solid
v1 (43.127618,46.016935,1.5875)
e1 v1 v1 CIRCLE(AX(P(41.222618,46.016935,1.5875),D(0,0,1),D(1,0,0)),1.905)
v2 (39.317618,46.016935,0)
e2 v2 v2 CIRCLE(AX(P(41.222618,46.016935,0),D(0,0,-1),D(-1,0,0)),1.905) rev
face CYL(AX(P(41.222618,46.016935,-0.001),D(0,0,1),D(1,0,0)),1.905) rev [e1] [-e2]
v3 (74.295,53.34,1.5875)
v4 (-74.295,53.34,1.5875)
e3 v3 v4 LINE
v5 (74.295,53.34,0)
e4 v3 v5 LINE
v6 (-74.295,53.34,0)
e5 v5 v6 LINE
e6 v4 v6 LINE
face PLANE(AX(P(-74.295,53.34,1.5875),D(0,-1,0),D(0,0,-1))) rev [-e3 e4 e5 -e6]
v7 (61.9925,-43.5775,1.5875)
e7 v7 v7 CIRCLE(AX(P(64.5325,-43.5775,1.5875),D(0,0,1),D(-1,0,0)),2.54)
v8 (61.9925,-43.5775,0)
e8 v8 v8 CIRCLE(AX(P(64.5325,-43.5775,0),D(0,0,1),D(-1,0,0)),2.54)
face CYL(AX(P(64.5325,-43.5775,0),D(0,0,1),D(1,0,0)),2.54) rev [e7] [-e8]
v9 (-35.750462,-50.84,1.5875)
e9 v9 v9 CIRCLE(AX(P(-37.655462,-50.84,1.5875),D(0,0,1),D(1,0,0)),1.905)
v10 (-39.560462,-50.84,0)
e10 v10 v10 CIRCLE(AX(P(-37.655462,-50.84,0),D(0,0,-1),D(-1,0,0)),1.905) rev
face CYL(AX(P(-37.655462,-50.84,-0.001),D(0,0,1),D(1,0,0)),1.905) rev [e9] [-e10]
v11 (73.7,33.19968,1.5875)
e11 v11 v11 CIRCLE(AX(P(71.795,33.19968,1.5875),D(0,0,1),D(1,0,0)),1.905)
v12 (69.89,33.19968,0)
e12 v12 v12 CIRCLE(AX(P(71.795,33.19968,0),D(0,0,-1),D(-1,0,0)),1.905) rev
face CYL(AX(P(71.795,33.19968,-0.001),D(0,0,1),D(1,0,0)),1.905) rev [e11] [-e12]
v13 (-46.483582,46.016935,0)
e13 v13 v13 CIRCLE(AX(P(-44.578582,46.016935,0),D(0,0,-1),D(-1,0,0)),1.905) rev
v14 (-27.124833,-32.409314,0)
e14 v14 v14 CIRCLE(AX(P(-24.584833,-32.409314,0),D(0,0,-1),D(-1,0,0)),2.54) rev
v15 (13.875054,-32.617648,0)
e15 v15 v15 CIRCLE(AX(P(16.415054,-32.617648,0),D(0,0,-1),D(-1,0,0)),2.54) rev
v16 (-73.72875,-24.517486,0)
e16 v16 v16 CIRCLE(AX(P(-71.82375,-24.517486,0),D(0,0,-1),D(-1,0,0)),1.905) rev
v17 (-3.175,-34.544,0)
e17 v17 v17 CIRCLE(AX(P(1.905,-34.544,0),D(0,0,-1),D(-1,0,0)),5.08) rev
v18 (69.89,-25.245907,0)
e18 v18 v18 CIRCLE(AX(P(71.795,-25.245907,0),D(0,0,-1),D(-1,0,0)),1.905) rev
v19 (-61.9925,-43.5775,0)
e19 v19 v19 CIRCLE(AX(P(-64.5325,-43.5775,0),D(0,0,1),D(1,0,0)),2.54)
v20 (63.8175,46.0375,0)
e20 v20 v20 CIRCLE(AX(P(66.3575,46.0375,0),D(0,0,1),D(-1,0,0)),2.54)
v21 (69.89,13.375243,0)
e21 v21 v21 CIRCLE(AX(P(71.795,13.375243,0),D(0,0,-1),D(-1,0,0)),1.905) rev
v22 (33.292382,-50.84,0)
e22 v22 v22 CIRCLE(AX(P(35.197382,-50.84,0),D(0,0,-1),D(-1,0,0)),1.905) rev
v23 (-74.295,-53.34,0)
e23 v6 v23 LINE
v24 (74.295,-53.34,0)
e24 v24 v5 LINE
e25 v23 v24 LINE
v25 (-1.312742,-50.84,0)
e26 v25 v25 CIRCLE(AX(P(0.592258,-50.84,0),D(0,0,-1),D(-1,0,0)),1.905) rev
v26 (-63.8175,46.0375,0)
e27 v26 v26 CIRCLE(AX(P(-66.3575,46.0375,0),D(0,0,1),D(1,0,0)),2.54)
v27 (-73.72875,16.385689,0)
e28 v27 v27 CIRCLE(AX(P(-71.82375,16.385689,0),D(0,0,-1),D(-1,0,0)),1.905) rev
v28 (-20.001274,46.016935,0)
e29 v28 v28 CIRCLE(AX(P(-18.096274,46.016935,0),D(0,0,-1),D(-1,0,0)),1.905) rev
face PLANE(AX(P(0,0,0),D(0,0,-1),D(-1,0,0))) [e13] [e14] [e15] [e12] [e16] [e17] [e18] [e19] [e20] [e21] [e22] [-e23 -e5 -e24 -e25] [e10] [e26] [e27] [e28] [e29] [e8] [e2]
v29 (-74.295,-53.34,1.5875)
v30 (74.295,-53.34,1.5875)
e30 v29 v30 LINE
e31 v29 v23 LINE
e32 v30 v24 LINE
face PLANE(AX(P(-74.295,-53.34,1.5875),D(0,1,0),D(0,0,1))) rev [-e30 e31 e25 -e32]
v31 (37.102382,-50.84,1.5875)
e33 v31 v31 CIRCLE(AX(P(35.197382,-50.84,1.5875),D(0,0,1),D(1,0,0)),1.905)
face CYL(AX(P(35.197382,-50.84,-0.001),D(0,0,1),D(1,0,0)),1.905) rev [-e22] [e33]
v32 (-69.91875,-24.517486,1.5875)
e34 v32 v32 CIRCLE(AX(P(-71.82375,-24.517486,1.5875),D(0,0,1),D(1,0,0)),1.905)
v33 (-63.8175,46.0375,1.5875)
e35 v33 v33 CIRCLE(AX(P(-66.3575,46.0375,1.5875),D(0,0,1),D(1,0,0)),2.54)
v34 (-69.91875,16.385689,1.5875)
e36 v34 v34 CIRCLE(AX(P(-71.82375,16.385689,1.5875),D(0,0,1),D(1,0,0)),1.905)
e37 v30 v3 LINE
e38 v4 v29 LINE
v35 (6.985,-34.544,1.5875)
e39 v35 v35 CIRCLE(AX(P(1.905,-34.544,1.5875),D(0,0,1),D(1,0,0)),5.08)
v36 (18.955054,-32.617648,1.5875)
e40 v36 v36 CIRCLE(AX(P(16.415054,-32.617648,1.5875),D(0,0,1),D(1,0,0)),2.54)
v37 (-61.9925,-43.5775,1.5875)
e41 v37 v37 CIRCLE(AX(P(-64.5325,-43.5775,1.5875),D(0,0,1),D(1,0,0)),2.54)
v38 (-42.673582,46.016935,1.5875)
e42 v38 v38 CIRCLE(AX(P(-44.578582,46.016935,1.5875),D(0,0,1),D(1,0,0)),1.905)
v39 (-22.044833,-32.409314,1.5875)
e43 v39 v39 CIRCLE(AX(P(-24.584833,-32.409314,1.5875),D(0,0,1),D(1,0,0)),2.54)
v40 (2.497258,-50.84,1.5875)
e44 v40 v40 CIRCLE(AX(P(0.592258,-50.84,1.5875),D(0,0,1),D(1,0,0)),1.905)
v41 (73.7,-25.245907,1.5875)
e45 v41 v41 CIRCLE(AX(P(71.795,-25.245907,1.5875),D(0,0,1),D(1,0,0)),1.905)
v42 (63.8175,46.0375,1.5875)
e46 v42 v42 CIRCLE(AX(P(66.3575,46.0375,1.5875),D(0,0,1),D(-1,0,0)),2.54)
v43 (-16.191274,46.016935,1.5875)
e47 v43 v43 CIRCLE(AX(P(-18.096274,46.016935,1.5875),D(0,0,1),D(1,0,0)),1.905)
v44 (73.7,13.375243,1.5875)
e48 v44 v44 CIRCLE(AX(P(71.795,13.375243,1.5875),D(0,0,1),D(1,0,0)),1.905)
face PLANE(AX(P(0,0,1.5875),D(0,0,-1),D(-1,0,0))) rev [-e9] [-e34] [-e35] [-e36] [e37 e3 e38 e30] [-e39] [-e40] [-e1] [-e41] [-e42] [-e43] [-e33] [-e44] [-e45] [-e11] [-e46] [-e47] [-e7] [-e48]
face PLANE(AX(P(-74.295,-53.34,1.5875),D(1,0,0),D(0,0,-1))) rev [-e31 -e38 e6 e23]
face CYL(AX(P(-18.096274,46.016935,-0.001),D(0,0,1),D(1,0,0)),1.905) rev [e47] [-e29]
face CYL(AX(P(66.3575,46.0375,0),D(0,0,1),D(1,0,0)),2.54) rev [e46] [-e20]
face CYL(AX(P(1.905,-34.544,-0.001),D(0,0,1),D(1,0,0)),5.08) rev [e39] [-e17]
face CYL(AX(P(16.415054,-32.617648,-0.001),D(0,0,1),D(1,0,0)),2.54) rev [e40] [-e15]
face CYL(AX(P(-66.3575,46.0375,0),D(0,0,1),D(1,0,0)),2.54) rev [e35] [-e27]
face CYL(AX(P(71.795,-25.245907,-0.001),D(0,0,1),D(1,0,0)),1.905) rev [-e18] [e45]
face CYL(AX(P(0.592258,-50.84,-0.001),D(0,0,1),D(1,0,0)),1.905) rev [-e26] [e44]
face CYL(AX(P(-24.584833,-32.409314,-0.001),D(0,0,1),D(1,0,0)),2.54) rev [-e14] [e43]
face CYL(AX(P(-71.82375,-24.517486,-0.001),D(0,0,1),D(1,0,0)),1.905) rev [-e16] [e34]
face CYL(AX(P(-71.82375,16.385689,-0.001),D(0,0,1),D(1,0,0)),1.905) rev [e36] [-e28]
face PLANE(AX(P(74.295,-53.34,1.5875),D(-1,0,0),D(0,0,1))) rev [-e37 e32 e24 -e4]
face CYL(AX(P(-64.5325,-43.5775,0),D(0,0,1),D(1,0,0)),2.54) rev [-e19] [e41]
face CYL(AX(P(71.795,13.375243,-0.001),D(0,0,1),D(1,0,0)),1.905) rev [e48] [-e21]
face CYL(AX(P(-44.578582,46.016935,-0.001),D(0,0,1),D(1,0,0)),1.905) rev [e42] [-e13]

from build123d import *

# Parameters (mm, degrees)
SKETCH1_W           = 148.59
SKETCH1_H           = 106.68
BOSS_EXTRUDE1_DEPTH = 1.5875
SKETCH2_R           = 2.54
CUT_EXTRUDE1_DEPTH  = 2.5875
CUT_EXTRUDE2_REACH  = 3.587
SKETCH3_R           = 5.08
CUT_EXTRUDE3_REACH  = 3.587
SKETCH4_R           = 1.905
CUT_EXTRUDE4_REACH  = 3.587
SKETCH5_R           = 2.54


with BuildPart() as part:
    # Sketch1 → Boss-Extrude1 (new body)
    with BuildSketch(Plane.XY):
        Rectangle(SKETCH1_W, SKETCH1_H)
    extrude(amount=BOSS_EXTRUDE1_DEPTH)

    # Sketch2 → Cut-Extrude1 (cut, through all)
    with BuildSketch(Plane.XY.offset(1.5875)):
        with Locations((-64.5325, -43.5775)):
            Circle(SKETCH2_R)
        with Locations((64.5325, -43.5775)):
            Circle(SKETCH2_R)
        with Locations((-66.3575, 46.0375)):
            Circle(SKETCH2_R)
        with Locations((66.3575, 46.0375)):
            Circle(SKETCH2_R)
    extrude(amount=-CUT_EXTRUDE1_DEPTH, mode=Mode.SUBTRACT)

    # Sketch3 → Cut-Extrude2 (cut, up to next)
    with BuildSketch(Plane.XY.offset(1.5875), mode=Mode.PRIVATE) as cut_extrude2_sk1:
        with Locations((1.905, -34.544)):
            Circle(SKETCH3_R)
    cut_extrude2_tool1 = extrude(cut_extrude2_sk1.sketch, amount=-CUT_EXTRUDE2_REACH, mode=Mode.PRIVATE) & part.part
    add(cut_extrude2_tool1.solids().sort_by_distance((1.905, -34.544, 1.5875))[0], mode=Mode.SUBTRACT)

    # Sketch4 → Cut-Extrude3 (cut, up to next)
    with BuildSketch(Plane.XY.offset(1.5875), mode=Mode.PRIVATE) as cut_extrude3_sk1:
        with Locations((-44.578582342, 46.016934616)):
            Circle(SKETCH4_R)
    cut_extrude3_tool1 = extrude(cut_extrude3_sk1.sketch, amount=-CUT_EXTRUDE3_REACH, mode=Mode.PRIVATE) & part.part
    add(cut_extrude3_tool1.solids().sort_by_distance((-44.578582, 46.016935, 1.5875))[0], mode=Mode.SUBTRACT)
    # Sketch4 → Cut-Extrude3 (cut, up to next)
    with BuildSketch(Plane.XY.offset(1.5875), mode=Mode.PRIVATE) as cut_extrude3_sk2:
        with Locations((-18.096274256, 46.016934616)):
            Circle(SKETCH4_R)
    cut_extrude3_tool2 = extrude(cut_extrude3_sk2.sketch, amount=-CUT_EXTRUDE3_REACH, mode=Mode.PRIVATE) & part.part
    add(cut_extrude3_tool2.solids().sort_by_distance((-18.096274, 46.016935, 1.5875))[0], mode=Mode.SUBTRACT)
    # Sketch4 → Cut-Extrude3 (cut, up to next)
    with BuildSketch(Plane.XY.offset(1.5875), mode=Mode.PRIVATE) as cut_extrude3_sk3:
        with Locations((41.222617745, 46.016934616)):
            Circle(SKETCH4_R)
    cut_extrude3_tool3 = extrude(cut_extrude3_sk3.sketch, amount=-CUT_EXTRUDE3_REACH, mode=Mode.PRIVATE) & part.part
    add(cut_extrude3_tool3.solids().sort_by_distance((41.222618, 46.016935, 1.5875))[0], mode=Mode.SUBTRACT)
    # Sketch4 → Cut-Extrude3 (cut, up to next)
    with BuildSketch(Plane.XY.offset(1.5875), mode=Mode.PRIVATE) as cut_extrude3_sk4:
        with Locations((71.795, 33.199680415)):
            Circle(SKETCH4_R)
    cut_extrude3_tool4 = extrude(cut_extrude3_sk4.sketch, amount=-CUT_EXTRUDE3_REACH, mode=Mode.PRIVATE) & part.part
    add(cut_extrude3_tool4.solids().sort_by_distance((71.795, 33.19968, 1.5875))[0], mode=Mode.SUBTRACT)
    # Sketch4 → Cut-Extrude3 (cut, up to next)
    with BuildSketch(Plane.XY.offset(1.5875), mode=Mode.PRIVATE) as cut_extrude3_sk5:
        with Locations((71.795, 13.37524336)):
            Circle(SKETCH4_R)
    cut_extrude3_tool5 = extrude(cut_extrude3_sk5.sketch, amount=-CUT_EXTRUDE3_REACH, mode=Mode.PRIVATE) & part.part
    add(cut_extrude3_tool5.solids().sort_by_distance((71.795, 13.375243, 1.5875))[0], mode=Mode.SUBTRACT)
    # Sketch4 → Cut-Extrude3 (cut, up to next)
    with BuildSketch(Plane.XY.offset(1.5875), mode=Mode.PRIVATE) as cut_extrude3_sk6:
        with Locations((71.795, -25.245906802)):
            Circle(SKETCH4_R)
    cut_extrude3_tool6 = extrude(cut_extrude3_sk6.sketch, amount=-CUT_EXTRUDE3_REACH, mode=Mode.PRIVATE) & part.part
    add(cut_extrude3_tool6.solids().sort_by_distance((71.795, -25.245907, 1.5875))[0], mode=Mode.SUBTRACT)
    # Sketch4 → Cut-Extrude3 (cut, up to next)
    with BuildSketch(Plane.XY.offset(1.5875), mode=Mode.PRIVATE) as cut_extrude3_sk7:
        with Locations((35.197381877, -50.84)):
            Circle(SKETCH4_R)
    cut_extrude3_tool7 = extrude(cut_extrude3_sk7.sketch, amount=-CUT_EXTRUDE3_REACH, mode=Mode.PRIVATE) & part.part
    add(cut_extrude3_tool7.solids().sort_by_distance((35.197382, -50.84, 1.5875))[0], mode=Mode.SUBTRACT)
    # Sketch4 → Cut-Extrude3 (cut, up to next)
    with BuildSketch(Plane.XY.offset(1.5875), mode=Mode.PRIVATE) as cut_extrude3_sk8:
        with Locations((0.59225822, -50.84)):
            Circle(SKETCH4_R)
    cut_extrude3_tool8 = extrude(cut_extrude3_sk8.sketch, amount=-CUT_EXTRUDE3_REACH, mode=Mode.PRIVATE) & part.part
    add(cut_extrude3_tool8.solids().sort_by_distance((0.592258, -50.84, 1.5875))[0], mode=Mode.SUBTRACT)
    # Sketch4 → Cut-Extrude3 (cut, up to next)
    with BuildSketch(Plane.XY.offset(1.5875), mode=Mode.PRIVATE) as cut_extrude3_sk9:
        with Locations((-37.65546217, -50.84)):
            Circle(SKETCH4_R)
    cut_extrude3_tool9 = extrude(cut_extrude3_sk9.sketch, amount=-CUT_EXTRUDE3_REACH, mode=Mode.PRIVATE) & part.part
    add(cut_extrude3_tool9.solids().sort_by_distance((-37.655462, -50.84, 1.5875))[0], mode=Mode.SUBTRACT)
    # Sketch4 → Cut-Extrude3 (cut, up to next)
    with BuildSketch(Plane.XY.offset(1.5875), mode=Mode.PRIVATE) as cut_extrude3_sk10:
        with Locations((-71.823750006, -24.517485795)):
            Circle(SKETCH4_R)
    cut_extrude3_tool10 = extrude(cut_extrude3_sk10.sketch, amount=-CUT_EXTRUDE3_REACH, mode=Mode.PRIVATE) & part.part
    add(cut_extrude3_tool10.solids().sort_by_distance((-71.82375, -24.517486, 1.5875))[0], mode=Mode.SUBTRACT)
    # Sketch4 → Cut-Extrude3 (cut, up to next)
    with BuildSketch(Plane.XY.offset(1.5875), mode=Mode.PRIVATE) as cut_extrude3_sk11:
        with Locations((-71.823750006, 16.385688775)):
            Circle(SKETCH4_R)
    cut_extrude3_tool11 = extrude(cut_extrude3_sk11.sketch, amount=-CUT_EXTRUDE3_REACH, mode=Mode.PRIVATE) & part.part
    add(cut_extrude3_tool11.solids().sort_by_distance((-71.82375, 16.385689, 1.5875))[0], mode=Mode.SUBTRACT)

    # Sketch5 → Cut-Extrude4 (cut, up to next)
    with BuildSketch(Plane.XY.offset(1.5875), mode=Mode.PRIVATE) as cut_extrude4_sk1:
        with Locations((-24.584832927, -32.40931441)):
            Circle(SKETCH5_R)
    cut_extrude4_tool1 = extrude(cut_extrude4_sk1.sketch, amount=-CUT_EXTRUDE4_REACH, mode=Mode.PRIVATE) & part.part
    add(cut_extrude4_tool1.solids().sort_by_distance((-24.584833, -32.409314, 1.5875))[0], mode=Mode.SUBTRACT)
    # Sketch5 → Cut-Extrude4 (cut, up to next)
    with BuildSketch(Plane.XY.offset(1.5875), mode=Mode.PRIVATE) as cut_extrude4_sk2:
        with Locations((16.415053576, -32.617647841)):
            Circle(SKETCH5_R)
    cut_extrude4_tool2 = extrude(cut_extrude4_sk2.sketch, amount=-CUT_EXTRUDE4_REACH, mode=Mode.PRIVATE) & part.part
    add(cut_extrude4_tool2.solids().sort_by_distance((16.415054, -32.617648, 1.5875))[0], mode=Mode.SUBTRACT)


solid = part.part
